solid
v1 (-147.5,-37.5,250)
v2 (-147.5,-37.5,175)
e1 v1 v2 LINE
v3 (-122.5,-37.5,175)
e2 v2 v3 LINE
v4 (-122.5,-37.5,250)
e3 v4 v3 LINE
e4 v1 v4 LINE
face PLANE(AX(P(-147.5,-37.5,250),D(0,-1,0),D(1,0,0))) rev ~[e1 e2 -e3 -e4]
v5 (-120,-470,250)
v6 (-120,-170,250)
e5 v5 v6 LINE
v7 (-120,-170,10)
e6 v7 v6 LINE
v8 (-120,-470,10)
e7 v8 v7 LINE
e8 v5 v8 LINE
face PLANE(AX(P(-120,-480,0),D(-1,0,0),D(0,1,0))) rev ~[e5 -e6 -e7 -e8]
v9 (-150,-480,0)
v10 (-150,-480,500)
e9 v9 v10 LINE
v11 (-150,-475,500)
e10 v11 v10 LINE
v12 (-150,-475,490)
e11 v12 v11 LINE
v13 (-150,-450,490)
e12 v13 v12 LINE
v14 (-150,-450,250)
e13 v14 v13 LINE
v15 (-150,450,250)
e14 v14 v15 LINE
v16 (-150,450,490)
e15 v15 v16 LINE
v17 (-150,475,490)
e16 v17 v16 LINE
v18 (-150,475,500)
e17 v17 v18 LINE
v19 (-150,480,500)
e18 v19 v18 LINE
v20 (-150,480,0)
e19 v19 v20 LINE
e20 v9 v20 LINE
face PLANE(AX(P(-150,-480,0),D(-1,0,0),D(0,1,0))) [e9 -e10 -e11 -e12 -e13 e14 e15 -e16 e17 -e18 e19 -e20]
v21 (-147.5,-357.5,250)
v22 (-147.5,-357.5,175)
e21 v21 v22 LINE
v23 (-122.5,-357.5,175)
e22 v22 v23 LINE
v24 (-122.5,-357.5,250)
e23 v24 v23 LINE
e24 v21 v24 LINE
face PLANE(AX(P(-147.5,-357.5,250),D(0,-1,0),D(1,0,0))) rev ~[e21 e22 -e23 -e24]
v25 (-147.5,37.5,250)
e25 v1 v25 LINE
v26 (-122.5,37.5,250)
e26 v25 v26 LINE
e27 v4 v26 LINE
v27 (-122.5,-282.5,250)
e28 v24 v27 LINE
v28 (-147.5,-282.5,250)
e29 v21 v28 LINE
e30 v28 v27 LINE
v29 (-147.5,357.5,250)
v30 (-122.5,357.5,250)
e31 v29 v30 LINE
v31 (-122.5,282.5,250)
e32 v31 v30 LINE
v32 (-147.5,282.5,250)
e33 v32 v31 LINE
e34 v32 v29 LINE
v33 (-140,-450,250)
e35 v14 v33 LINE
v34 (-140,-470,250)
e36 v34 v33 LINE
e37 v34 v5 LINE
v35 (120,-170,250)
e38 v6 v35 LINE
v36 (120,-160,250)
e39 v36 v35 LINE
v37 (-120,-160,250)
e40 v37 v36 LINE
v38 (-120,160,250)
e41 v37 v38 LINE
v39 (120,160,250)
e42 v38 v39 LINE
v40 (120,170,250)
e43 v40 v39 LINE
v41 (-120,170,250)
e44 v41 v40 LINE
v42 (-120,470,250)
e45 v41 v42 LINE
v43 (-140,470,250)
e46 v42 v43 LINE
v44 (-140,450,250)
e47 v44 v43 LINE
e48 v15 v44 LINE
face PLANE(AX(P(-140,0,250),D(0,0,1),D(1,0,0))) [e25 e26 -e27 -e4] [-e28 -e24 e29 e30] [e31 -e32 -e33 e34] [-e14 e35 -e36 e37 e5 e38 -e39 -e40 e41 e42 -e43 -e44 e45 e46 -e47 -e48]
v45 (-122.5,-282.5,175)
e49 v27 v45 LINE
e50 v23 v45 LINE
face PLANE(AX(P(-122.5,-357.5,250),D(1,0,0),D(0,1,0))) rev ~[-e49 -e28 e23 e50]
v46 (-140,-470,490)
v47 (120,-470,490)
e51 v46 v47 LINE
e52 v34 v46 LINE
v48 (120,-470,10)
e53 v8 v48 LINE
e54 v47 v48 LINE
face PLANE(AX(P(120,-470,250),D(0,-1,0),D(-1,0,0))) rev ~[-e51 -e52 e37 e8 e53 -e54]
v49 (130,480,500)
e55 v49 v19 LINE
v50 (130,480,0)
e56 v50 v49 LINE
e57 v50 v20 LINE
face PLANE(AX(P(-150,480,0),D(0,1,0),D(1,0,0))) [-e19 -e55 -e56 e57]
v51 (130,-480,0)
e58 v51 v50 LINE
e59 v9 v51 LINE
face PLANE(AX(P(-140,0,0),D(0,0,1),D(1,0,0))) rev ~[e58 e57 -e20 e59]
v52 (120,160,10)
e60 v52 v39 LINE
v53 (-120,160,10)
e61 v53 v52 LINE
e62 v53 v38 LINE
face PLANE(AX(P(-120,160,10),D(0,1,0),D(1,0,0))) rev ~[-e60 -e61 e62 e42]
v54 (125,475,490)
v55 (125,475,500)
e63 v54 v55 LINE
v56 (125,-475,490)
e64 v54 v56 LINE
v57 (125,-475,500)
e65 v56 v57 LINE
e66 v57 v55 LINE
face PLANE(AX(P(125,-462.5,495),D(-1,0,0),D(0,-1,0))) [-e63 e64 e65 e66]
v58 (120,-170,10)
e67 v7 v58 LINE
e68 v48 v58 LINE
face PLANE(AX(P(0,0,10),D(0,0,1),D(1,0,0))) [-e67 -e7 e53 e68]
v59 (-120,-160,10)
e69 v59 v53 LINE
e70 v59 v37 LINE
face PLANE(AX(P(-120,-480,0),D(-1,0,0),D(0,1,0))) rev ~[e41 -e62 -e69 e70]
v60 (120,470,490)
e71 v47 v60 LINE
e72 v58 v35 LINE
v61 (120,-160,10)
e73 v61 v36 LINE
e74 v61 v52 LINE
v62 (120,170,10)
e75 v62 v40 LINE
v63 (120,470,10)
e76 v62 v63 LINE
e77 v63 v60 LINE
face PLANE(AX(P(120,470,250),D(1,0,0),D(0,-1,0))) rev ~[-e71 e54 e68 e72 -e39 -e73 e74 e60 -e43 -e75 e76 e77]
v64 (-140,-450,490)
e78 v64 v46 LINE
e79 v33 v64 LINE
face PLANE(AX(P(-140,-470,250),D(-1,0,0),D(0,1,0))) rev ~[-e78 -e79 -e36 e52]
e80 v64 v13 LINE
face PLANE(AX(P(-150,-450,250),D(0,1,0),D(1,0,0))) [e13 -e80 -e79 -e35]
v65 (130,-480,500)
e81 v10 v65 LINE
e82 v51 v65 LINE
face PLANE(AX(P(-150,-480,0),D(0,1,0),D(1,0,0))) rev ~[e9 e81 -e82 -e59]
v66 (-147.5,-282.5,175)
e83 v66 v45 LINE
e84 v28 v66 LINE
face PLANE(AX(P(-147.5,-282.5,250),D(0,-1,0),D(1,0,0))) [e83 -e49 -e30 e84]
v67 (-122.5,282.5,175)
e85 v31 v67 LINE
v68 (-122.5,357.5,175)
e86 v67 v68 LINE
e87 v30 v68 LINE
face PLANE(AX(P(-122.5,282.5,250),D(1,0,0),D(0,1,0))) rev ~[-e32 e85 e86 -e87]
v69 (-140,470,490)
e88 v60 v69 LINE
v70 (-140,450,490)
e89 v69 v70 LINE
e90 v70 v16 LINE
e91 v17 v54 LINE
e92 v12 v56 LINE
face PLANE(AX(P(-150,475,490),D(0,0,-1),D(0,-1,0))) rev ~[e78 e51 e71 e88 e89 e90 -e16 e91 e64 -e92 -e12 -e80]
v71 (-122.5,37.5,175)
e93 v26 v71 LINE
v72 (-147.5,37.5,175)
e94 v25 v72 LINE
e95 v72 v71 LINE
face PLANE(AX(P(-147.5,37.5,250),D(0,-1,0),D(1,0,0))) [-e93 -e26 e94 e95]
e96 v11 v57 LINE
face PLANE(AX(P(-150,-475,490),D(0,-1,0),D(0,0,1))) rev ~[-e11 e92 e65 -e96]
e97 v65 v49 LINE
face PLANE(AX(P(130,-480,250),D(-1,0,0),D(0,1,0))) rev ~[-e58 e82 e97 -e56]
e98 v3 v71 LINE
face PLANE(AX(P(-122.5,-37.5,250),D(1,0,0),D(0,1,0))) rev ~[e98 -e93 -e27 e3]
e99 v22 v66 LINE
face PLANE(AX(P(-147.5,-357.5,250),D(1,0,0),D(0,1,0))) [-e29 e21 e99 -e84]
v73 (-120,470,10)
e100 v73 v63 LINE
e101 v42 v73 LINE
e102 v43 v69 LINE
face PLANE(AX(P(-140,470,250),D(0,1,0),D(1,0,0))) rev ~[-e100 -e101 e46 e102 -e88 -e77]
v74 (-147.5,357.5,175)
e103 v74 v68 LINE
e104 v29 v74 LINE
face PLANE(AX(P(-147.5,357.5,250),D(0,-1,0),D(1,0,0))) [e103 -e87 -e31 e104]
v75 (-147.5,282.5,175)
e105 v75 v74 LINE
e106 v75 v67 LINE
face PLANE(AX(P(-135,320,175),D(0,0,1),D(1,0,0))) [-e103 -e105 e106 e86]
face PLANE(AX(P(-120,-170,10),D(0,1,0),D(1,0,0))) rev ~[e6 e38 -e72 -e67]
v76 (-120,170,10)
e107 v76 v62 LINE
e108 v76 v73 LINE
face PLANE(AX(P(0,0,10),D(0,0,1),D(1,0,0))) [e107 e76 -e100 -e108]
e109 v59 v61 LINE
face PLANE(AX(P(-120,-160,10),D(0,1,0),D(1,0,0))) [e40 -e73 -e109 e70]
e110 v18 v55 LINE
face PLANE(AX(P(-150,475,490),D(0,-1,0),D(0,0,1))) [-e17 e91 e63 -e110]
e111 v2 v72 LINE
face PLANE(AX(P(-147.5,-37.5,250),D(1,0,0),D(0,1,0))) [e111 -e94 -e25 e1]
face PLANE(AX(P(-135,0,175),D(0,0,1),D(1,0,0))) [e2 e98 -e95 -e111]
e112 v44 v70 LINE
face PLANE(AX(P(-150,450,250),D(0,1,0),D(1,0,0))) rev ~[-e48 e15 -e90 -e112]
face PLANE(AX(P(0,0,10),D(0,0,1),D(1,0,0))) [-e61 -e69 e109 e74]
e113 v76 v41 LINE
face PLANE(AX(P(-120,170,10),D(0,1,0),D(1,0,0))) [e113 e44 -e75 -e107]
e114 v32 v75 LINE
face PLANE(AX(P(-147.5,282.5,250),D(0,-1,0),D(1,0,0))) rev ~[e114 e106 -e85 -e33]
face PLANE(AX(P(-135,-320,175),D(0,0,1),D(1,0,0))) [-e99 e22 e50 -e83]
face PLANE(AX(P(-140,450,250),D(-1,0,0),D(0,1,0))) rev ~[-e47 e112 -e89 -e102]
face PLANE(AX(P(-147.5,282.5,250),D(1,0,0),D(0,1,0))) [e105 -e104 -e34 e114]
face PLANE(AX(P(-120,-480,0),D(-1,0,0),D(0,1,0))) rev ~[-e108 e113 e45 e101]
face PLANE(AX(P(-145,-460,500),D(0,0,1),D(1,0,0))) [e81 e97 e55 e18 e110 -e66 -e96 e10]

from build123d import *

# Parameters (mm, degrees)
F0_W      = 260
F0_H      = 960
F1_DEPTH  = 250
F2_T      = -10
F3_W      = 240
F3_H      = 10
F4_DEPTH  = 240
F5_W      = 10
F5_H      = 20
F5_H_2    = 10
F5_H_3    = 920
F6_DEPTH  = 250
F0_W_2    = 20
F7_DEPTH  = 250
F8_W      = 25
F8_H      = 75
F9_DEPTH  = 75
F10_W     = 25
F10_H     = 10
F10_W_2   = 900
F11_DEPTH = 275


with BuildPart() as f1:
    # F0 (on Top) → F1 (new body)
    with BuildSketch(Plane.XY):
        Rectangle(F0_W, F0_H)
    extrude(amount=F1_DEPTH)

    # F2
    f2_openings = [f1.faces().sort_by_distance(p)[0] for p in [
        (0, 0, 250),
    ]]
    offset(amount=F2_T, openings=f2_openings)

    # F3 (on face) → F4 (join)
    with BuildSketch(Plane.XY.offset(10)):
        with Locations((0, -165)):
            Rectangle(F3_W, F3_H)
        with Locations((0, 165)):
            Rectangle(F3_W, F3_H)
    extrude(amount=F4_DEPTH)

    # F5 (on face) → F6 (join)
    with BuildSketch(Plane.XY.offset(250)):
        with Locations((-145, -460)):
            Rectangle(F5_W, F5_H)
        Polygon((-150, -480), (120, -480), (120, -470), (-120, -470), (-140, -470), (-150, -470), align=None)
        with Locations((125, -475)):
            Rectangle(F5_W, F5_H_2)
        with Locations((125, -465)):
            Rectangle(F5_W, F5_H_2)
        with Locations((125, 0)):
            Rectangle(F5_W, F5_H_3)
        with Locations((125, 465)):
            Rectangle(F5_W, F5_H_2)
        with Locations((125, 475)):
            Rectangle(F5_W, F5_H_2)
        Polygon((-120, 470), (120, 470), (120, 480), (-150, 480), (-150, 470), (-140, 470), align=None)
        with Locations((-145, 460)):
            Rectangle(F5_W, F5_H)
    extrude(amount=F6_DEPTH)

    # F0 (on Top) → F7 (join)
    with BuildSketch(Plane.XY):
        with Locations((-140, 0)):
            Rectangle(F0_W_2, F0_H)
    extrude(amount=F7_DEPTH)

    # F8 (on face) → F9 (cut)
    with BuildSketch(Plane.XY.offset(250)):
        with Locations((-135, 320)):
            Rectangle(F8_W, F8_H)
        with Locations((-135, 0)):
            Rectangle(F8_W, F8_H)
        with Locations((-135, -320)):
            Rectangle(F8_W, F8_H)
    extrude(amount=-F9_DEPTH, mode=Mode.SUBTRACT)

    # F10 (on face) → F11 (cut)
    with BuildSketch(Plane(origin=(-150, 0, 0), x_dir=(0, -1, 0), z_dir=(-1, 0, 0))):
        with Locations((462.5, 495)):
            Rectangle(F10_W, F10_H)
        with Locations((-462.5, 495)):
            Rectangle(F10_W, F10_H)
        with Locations((0, 495)):
            Rectangle(F10_W_2, F10_H)
    extrude(amount=-F11_DEPTH, mode=Mode.SUBTRACT)


solid = f1.part
